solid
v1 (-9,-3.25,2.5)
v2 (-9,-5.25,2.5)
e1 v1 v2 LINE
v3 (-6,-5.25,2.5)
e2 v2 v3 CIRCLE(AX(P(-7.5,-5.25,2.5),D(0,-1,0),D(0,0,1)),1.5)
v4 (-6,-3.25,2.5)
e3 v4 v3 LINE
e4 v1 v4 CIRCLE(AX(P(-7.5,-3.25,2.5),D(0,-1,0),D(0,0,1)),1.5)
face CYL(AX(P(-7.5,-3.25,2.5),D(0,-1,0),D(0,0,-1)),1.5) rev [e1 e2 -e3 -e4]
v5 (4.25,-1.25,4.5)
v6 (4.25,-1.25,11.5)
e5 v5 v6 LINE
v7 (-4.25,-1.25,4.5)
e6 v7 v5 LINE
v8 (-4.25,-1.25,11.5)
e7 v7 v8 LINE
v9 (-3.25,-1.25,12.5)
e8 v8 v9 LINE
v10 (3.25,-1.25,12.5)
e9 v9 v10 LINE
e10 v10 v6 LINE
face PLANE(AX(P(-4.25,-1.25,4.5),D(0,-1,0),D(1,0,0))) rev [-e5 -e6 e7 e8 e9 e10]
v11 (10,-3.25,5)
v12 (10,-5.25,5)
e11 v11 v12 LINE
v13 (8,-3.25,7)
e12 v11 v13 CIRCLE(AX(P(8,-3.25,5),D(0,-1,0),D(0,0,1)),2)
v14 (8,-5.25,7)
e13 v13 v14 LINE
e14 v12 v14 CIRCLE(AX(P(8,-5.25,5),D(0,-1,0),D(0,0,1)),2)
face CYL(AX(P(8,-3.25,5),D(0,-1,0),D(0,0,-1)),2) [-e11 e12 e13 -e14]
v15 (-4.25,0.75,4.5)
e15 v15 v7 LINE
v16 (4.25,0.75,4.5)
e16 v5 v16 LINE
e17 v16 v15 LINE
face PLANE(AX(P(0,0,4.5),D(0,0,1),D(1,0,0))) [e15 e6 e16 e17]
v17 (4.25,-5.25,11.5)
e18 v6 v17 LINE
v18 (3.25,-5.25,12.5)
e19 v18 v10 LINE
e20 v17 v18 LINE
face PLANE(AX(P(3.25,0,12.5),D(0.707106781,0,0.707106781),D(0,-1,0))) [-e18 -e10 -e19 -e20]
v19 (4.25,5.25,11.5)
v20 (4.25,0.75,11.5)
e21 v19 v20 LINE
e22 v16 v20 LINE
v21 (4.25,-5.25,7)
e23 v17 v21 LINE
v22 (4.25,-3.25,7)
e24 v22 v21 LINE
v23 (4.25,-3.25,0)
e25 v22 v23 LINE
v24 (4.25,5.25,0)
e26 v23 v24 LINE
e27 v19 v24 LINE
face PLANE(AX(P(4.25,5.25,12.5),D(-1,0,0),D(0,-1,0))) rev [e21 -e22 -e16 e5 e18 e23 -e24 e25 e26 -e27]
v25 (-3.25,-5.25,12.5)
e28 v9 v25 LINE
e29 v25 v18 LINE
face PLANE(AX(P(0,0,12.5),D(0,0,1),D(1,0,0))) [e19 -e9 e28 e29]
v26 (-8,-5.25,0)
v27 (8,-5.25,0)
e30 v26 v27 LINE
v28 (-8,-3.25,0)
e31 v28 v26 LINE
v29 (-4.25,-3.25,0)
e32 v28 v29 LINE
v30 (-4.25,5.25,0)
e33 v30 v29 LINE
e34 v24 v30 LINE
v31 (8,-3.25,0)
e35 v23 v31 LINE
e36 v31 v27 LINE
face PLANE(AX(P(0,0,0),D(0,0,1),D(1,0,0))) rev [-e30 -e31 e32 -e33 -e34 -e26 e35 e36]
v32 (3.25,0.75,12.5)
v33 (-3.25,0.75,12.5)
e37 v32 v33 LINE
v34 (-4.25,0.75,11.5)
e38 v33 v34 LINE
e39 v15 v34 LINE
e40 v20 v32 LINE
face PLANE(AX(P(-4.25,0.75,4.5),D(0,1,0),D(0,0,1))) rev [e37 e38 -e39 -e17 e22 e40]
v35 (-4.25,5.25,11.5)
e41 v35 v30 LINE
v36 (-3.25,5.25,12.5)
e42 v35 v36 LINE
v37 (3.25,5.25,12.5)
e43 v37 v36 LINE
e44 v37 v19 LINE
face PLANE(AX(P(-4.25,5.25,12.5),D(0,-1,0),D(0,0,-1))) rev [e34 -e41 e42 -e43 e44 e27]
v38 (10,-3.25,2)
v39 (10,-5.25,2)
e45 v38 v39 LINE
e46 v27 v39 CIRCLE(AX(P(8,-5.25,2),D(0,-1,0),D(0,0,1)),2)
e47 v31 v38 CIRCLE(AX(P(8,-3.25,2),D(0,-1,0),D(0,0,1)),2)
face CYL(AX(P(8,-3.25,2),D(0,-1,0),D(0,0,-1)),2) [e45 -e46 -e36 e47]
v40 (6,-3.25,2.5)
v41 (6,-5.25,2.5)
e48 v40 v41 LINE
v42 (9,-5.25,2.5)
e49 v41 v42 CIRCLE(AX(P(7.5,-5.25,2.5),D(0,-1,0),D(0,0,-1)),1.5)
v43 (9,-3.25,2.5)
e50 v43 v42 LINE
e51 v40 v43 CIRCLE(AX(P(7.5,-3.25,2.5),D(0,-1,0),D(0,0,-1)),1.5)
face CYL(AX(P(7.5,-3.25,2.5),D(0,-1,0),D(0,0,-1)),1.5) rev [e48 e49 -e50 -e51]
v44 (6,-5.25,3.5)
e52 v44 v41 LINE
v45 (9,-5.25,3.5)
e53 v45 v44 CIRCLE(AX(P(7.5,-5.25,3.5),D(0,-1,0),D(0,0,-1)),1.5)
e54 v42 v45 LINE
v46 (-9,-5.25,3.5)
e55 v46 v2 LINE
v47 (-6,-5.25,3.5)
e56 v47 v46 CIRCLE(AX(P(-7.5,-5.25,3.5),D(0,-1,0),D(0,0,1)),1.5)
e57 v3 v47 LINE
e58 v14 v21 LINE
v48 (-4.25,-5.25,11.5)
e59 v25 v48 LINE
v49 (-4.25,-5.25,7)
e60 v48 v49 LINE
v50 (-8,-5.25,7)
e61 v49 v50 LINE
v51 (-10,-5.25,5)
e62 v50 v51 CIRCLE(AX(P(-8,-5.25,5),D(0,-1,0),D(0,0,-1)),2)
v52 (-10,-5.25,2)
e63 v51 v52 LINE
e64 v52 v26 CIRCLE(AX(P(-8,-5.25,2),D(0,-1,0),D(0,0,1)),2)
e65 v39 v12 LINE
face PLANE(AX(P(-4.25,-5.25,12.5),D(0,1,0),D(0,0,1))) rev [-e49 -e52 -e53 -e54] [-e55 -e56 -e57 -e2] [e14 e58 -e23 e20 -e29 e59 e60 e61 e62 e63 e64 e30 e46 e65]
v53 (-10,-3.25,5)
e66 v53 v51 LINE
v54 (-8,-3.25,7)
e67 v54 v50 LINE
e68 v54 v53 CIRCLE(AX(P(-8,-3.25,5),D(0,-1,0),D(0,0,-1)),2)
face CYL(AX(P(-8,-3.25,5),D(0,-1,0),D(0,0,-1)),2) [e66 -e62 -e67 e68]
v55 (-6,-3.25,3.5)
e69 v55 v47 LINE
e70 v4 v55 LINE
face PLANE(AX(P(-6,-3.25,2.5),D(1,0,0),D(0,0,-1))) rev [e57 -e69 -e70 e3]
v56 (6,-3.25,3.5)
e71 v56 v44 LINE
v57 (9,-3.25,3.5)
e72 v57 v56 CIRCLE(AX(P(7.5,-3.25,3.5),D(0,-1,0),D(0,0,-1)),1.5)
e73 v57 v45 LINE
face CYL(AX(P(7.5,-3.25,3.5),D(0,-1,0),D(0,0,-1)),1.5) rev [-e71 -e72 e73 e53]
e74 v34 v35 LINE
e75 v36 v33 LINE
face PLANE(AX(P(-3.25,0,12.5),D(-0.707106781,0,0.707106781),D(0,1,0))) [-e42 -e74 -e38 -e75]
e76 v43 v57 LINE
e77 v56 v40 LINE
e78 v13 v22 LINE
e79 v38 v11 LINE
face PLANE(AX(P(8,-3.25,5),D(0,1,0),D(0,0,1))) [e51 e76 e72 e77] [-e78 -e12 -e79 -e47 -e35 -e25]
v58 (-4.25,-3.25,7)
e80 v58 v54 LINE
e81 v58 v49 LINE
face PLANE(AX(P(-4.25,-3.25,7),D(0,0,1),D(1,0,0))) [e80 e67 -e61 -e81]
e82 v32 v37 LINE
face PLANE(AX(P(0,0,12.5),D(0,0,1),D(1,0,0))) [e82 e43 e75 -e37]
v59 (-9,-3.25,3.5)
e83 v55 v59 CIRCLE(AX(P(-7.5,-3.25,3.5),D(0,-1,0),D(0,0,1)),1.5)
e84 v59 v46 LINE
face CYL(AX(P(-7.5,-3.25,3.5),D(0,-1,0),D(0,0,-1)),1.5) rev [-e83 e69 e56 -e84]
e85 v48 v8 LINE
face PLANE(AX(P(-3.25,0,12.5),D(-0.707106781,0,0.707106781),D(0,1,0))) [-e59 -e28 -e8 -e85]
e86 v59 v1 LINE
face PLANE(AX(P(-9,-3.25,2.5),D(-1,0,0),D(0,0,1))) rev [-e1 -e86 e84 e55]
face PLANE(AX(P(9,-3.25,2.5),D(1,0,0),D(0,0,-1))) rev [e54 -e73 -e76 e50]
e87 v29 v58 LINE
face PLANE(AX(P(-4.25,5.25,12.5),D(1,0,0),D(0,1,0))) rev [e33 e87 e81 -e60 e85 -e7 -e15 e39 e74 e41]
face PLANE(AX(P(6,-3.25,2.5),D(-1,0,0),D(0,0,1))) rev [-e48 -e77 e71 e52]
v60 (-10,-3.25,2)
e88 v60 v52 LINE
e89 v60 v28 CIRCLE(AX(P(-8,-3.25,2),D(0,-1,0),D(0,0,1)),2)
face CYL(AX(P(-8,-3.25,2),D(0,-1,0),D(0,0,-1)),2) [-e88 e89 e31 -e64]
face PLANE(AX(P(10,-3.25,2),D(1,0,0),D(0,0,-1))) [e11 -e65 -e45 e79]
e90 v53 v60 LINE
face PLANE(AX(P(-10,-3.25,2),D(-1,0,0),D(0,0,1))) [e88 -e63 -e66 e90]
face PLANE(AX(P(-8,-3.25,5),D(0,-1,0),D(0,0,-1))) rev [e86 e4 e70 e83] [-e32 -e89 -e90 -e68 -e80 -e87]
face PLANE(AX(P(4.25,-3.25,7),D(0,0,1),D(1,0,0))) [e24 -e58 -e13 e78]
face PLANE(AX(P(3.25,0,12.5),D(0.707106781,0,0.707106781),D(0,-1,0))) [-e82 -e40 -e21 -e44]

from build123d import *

# Parameters (mm, degrees)
SKETCH1_W           = 8.5
SKETCH1_H           = 10.5
BOSS_EXTRUDE1_DEPTH = 12.5
SKETCH2_W           = 8.5
SKETCH2_H           = 2
CUT_EXTRUDE1_DEPTH  = 8
BOSS_EXTRUDE2_DEPTH = 2
CHAMFER1_SIZE       = 1


with BuildPart() as part:
    # Sketch1 → Boss-Extrude1 (new body)
    with BuildSketch(Plane.XY):
        Rectangle(SKETCH1_W, SKETCH1_H)
    extrude(amount=BOSS_EXTRUDE1_DEPTH)

    # Sketch2 → Cut-Extrude1 (cut)
    with BuildSketch(Plane.XY.offset(12.5)):
        with Locations((0, -0.25)):
            Rectangle(SKETCH2_W, SKETCH2_H)
    extrude(amount=-CUT_EXTRUDE1_DEPTH, mode=Mode.SUBTRACT)

    # Sketch3 → Boss-Extrude2 (add)
    # profile 1 of 2: a face of its own
    with BuildSketch(Plane.XZ.offset(5.25)):
        with BuildLine():
            Line((4.25, 0), (8, 0))
            ThreePointArc((8, 0), (9.414213562, 0.585786438), (10, 2))
            Line((10, 2), (10, 5))
            ThreePointArc((10, 5), (9.414213562, 6.414213562), (8, 7))
            Line((8, 7), (4.25, 7))
            Line((4.25, 7), (4.25, 0))
        make_face()
        with BuildLine():
            Line((6, 2.5), (6, 3.5))
            ThreePointArc((6, 3.5), (7.5, 5), (9, 3.5))
            Line((9, 3.5), (9, 2.5))
            ThreePointArc((9, 2.5), (7.5, 1), (6, 2.5))
        make_face(mode=Mode.SUBTRACT)
    # profile 2 of 2: a face of its own
    with BuildSketch(Plane.XZ.offset(5.25)):
        with BuildLine():
            Line((-10, 2), (-10, 5))
            ThreePointArc((-10, 5), (-9.414213562, 6.414213562), (-8, 7))
            Line((-8, 7), (-4.25, 7))
            Line((-4.25, 7), (-4.25, 0))
            Line((-4.25, 0), (-8, 0))
            ThreePointArc((-8, 0), (-9.414213562, 0.585786438), (-10, 2))
        make_face()
        with BuildLine():
            Line((-6, 2.5), (-6, 3.5))
            ThreePointArc((-6, 3.5), (-7.5, 5), (-9, 3.5))
            Line((-9, 3.5), (-9, 2.5))
            ThreePointArc((-9, 2.5), (-7.5, 1), (-6, 2.5))
        make_face(mode=Mode.SUBTRACT)
    extrude(amount=-BOSS_EXTRUDE2_DEPTH)

    # Chamfer1
    chamfer1_edges = [part.edges().sort_by_distance(p)[0] for p in [
        (-4.25, 3, 12.5),
        (4.25, 3, 12.5),
        (-4.25, -3.25, 12.5),
        (4.25, -3.25, 12.5),
    ]]
    chamfer(chamfer1_edges, length=CHAMFER1_SIZE)


solid = part.part
